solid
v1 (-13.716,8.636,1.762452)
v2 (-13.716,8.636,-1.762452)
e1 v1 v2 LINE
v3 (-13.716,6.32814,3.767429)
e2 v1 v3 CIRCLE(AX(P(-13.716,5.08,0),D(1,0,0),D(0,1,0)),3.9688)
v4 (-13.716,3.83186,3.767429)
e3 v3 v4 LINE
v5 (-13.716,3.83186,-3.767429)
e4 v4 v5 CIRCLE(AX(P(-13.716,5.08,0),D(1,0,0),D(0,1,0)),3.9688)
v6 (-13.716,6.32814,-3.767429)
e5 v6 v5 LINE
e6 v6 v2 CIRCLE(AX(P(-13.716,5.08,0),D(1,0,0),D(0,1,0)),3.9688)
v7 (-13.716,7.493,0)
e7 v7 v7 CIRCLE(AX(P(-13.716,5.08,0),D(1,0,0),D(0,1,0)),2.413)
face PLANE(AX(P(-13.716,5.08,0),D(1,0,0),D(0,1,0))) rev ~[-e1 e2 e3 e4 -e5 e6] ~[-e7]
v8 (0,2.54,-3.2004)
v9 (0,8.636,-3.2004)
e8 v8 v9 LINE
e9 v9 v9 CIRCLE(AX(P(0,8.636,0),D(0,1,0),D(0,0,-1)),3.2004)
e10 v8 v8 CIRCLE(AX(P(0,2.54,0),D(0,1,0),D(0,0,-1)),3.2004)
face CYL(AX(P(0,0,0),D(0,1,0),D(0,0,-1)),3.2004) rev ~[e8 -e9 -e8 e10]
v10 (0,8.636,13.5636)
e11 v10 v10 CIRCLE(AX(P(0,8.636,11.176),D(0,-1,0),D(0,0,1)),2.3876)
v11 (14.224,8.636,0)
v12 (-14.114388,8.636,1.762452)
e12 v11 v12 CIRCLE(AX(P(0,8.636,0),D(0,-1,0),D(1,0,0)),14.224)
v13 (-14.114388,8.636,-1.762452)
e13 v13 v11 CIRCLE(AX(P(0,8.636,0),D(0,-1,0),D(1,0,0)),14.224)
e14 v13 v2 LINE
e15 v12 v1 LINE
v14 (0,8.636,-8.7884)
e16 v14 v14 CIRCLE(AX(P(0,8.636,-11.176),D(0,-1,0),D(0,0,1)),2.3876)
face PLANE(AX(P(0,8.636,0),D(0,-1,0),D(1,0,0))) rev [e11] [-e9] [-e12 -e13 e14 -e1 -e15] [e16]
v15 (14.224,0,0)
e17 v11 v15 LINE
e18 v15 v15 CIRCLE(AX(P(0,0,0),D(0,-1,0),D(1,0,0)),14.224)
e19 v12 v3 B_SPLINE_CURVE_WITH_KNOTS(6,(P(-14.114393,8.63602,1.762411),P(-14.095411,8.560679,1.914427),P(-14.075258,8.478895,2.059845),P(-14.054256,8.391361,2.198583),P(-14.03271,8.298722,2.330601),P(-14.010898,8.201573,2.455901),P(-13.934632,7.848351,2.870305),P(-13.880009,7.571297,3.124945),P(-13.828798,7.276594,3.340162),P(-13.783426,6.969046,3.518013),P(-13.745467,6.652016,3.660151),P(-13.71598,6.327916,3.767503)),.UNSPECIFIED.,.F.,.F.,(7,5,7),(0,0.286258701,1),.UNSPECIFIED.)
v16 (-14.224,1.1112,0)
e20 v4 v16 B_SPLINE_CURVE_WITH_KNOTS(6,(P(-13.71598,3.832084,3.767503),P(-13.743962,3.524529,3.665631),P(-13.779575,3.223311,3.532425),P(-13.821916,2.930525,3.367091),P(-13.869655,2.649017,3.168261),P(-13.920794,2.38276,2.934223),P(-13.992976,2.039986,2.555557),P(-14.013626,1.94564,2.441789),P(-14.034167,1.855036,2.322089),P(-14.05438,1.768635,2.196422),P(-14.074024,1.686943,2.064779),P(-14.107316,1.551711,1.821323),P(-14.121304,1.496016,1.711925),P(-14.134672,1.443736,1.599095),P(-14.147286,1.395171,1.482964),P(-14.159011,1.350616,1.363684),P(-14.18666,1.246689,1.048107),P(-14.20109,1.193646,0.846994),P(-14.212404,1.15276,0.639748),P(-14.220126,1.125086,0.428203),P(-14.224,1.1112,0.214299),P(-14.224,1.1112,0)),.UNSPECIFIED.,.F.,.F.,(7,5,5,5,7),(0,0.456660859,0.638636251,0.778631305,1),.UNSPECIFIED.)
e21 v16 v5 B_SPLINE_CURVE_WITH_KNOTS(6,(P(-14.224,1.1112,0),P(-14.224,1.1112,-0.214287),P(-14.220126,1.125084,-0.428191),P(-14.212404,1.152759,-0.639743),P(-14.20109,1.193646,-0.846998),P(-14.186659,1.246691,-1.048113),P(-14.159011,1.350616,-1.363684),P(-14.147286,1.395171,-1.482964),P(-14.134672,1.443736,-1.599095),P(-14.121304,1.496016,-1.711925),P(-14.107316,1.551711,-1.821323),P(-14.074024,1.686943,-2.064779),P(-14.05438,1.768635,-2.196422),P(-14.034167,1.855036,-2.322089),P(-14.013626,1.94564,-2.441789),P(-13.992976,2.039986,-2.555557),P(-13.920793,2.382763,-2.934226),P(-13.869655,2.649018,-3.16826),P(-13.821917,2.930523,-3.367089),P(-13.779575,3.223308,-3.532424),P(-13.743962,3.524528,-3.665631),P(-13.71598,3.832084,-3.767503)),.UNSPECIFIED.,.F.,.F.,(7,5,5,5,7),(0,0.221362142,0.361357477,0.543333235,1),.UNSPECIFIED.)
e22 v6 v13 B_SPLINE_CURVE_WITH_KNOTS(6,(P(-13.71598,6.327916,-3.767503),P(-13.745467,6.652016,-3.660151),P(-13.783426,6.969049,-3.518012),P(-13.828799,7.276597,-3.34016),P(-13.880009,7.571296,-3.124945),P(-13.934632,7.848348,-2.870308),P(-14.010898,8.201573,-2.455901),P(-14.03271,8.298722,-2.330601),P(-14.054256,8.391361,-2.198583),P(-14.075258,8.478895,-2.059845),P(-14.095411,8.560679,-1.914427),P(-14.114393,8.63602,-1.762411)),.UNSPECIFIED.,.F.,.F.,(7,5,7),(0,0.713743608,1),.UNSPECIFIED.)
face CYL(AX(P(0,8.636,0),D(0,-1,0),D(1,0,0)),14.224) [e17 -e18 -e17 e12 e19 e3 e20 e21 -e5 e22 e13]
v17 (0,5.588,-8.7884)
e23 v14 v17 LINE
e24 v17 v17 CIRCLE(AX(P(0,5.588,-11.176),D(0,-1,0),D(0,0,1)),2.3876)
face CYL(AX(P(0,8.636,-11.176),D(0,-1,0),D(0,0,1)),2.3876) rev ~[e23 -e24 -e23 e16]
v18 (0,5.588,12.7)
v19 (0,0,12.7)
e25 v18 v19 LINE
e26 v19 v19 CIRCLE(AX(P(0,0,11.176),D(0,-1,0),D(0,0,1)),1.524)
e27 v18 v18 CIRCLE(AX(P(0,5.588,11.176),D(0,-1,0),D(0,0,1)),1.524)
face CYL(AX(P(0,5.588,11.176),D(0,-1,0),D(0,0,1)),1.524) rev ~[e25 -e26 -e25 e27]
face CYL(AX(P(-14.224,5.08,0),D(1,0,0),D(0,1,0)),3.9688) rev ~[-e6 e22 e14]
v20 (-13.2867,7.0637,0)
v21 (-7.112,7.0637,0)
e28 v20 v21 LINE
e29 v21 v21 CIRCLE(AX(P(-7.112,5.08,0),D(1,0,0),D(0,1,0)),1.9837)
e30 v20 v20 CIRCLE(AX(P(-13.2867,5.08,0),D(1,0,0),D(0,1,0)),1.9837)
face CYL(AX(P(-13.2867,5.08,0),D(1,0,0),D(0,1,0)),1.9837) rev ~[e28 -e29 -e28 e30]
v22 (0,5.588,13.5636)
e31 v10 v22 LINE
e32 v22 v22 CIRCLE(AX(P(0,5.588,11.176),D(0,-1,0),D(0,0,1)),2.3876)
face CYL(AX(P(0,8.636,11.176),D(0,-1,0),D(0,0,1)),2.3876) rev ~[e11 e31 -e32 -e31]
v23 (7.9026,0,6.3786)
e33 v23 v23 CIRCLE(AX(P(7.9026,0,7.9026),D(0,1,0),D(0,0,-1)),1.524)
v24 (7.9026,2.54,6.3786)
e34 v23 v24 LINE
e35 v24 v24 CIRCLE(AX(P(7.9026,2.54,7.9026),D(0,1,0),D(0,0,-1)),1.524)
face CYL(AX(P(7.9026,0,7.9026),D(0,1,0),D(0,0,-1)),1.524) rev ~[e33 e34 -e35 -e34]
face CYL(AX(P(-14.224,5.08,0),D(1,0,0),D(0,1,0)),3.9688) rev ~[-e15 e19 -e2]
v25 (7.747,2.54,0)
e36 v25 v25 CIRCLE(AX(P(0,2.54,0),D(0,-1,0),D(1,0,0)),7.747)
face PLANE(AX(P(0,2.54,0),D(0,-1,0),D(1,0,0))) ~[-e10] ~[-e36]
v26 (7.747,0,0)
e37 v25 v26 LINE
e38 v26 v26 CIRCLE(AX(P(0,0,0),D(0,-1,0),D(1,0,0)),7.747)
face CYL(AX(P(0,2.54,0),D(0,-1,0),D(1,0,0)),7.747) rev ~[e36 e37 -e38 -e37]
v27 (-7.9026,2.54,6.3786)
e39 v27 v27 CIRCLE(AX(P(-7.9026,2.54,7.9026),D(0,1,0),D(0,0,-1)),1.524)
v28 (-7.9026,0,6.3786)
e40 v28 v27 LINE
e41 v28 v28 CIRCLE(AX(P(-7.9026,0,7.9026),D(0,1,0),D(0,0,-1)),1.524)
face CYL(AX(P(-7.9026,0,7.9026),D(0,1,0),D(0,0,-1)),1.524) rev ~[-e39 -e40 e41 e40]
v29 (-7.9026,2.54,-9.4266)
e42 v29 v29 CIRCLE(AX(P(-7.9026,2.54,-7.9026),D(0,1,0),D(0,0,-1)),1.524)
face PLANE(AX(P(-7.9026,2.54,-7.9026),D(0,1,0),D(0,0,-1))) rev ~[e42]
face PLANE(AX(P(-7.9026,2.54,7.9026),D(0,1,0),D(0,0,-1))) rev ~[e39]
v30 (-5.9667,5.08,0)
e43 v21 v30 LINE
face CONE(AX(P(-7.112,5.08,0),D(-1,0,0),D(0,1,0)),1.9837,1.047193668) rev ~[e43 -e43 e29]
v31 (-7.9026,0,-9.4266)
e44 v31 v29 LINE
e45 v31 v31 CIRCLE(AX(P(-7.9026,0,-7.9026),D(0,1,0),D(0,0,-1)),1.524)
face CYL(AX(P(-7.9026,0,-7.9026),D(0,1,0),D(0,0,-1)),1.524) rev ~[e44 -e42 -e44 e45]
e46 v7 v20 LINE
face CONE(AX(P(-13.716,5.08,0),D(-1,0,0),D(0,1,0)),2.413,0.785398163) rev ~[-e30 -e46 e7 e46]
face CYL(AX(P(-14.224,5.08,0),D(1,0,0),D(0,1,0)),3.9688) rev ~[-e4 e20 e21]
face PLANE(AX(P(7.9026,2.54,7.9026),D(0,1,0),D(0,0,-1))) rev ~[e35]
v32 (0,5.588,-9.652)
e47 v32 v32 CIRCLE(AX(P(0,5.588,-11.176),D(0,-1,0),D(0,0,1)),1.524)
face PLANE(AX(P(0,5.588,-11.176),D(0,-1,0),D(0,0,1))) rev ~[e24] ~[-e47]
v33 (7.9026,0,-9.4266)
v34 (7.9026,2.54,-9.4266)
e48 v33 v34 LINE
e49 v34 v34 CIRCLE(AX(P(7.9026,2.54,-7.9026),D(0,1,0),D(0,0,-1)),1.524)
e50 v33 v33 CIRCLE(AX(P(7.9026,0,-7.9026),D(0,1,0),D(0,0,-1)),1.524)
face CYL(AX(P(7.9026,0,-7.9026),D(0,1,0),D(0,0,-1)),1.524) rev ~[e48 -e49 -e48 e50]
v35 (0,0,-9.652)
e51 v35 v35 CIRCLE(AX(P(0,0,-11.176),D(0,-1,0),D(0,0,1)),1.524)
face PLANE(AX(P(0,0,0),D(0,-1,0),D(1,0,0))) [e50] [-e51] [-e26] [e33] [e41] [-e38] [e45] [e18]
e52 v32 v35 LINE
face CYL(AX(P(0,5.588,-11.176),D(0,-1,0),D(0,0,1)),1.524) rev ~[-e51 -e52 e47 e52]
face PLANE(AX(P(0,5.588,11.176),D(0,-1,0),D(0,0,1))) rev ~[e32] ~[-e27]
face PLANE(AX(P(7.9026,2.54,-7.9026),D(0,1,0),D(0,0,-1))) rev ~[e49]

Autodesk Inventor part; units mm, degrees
sketch "Sketch_1" plane through (0, 0, 0) normal (0, 0, 1) x (1, 0, 0)
  line L0 (0, 0) -> (0, 8.636)
  line L1 (0, 8.636) -> (14.224, 8.636)
  line L2 (14.224, 8.636) -> (14.224, 0)
  line L3 (14.224, 0) -> (0, 0)
  line L4 (0, 0) -> (0, 8.636)
revolve "Revolution1" add sketch "Sketch_1" angle 360 about axis through (0, 0, 0) along (0, -1, 0)
sketch "Sketch_37" plane through (0, 0, 0) normal (0, 0, 1) x (1, 0, 0)
  line L0 (-5.9667, 5.08) -> (-14.224, 5.08)
  line L1 (-14.224, 5.08) -> (-14.224, 9.0488)
  line L2 (-14.224, 9.0488) -> (-13.716, 9.0488)
  line L3 (-13.716, 9.0488) -> (-13.716, 7.493)
  line L4 (-13.716, 7.493) -> (-13.2867, 7.0637)
  line L5 (-13.2867, 7.0637) -> (-7.112, 7.0637)
  line L6 (-7.112, 7.0637) -> (-5.9667, 5.08)
  line L7 (-5.9667, 5.08) -> (-14.224, 5.08)
revolve "Revolution2" cut sketch "Sketch_37" angle 360 about axis through (-5.9667, 5.08, 0) along (1, 0, 0)
thread "Thread1" size "10-32 UNF" class "2B" standard "ANSI Unified Screw Threads" length 5.08 offset 1.524
sketch "Sketch3" plane through (0, 0, 0) normal (0, -1, 0) x (1, 0, 0)
  point P0 (0, 0)
hole "Hole1" at (0, 0, 0) direction (0, 1, 0) diameter 6.4008 depth 8.636
sketch "Sketch_9" plane through (0, 0, 0) normal (0, 0, 1) x (1, 0, 0)
  line L0 (0, 0) -> (0, 2.54)
  line L1 (0, 2.54) -> (7.747, 2.54)
  line L2 (7.747, 2.54) -> (7.747, 0)
  line L3 (7.747, 0) -> (0, 0)
  line L4 (0, 0) -> (0, 2.54)
revolve "Revolution3" cut sketch "Sketch_9" angle 360 about axis through (0, 0, 0) along (0, -1, 0)
sketch "Sketch5" plane through (0, 8.636, 0) normal (0, 1, 0) x (1, 0, 0)
  point P0 (0, -11.176)
hole "Hole2" at (0, 8.636, 11.176) direction (0, -1, 0) diameter 3.048 depth 8.636 counterbore diameter 4.7752 counterbore depth 3.048
sketch "Sketch6" plane through (0, 8.636, 0) normal (0, 1, 0) x (1, 0, 0)
  point P0 (0, 11.176)
hole "Hole3" at (0, 8.636, -11.176) direction (0, -1, 0) diameter 3.048 depth 8.636 counterbore diameter 4.7752 counterbore depth 3.048
sketch "Sketch7" plane through (0, 0, 0) normal (0, -1, 0) x (1, 0, 0)
  point P0 (-7.9026, 7.9026)
hole "Hole4" at (-7.9026, 0, 7.9026) direction (0, 1, 0) diameter 3.048 depth 2.54
sketch "Sketch8" plane through (0, 0, 0) normal (0, -1, 0) x (1, 0, 0)
  point P0 (7.9026, 7.9026)
hole "Hole5" at (7.9026, 0, 7.9026) direction (0, 1, 0) diameter 3.048 depth 2.54
sketch "Sketch9" plane through (0, 0, 0) normal (0, -1, 0) x (1, 0, 0)
  point P0 (7.9026, -7.9026)
hole "Hole6" at (7.9026, 0, -7.9026) direction (0, 1, 0) diameter 3.048 depth 2.54
sketch "Sketch10" plane through (0, 0, 0) normal (0, -1, 0) x (1, 0, 0)
  point P0 (-7.9026, -7.9026)
hole "Hole7" at (-7.9026, 0, -7.9026) direction (0, 1, 0) diameter 3.048 depth 2.54
ref_plane "a1_XY" through (0, 8.636, -14.224) normal (0, 1, 0) x (1, 0, 0)
ref_plane "a1_YZ" through (0, 8.636, -14.224) normal (1, 0, 0) x (0, 0, -1)
ref_plane "a1_ZX" through (0, 8.636, -14.224) normal (0, 0, -1) x (0, 1, 0)
ref_plane "a2_XY" through (0, 8.636, 14.224) normal (0, 1, 0) x (1, 0, 0)
ref_plane "a2_YZ" through (0, 8.636, 14.224) normal (1, 0, 0) x (0, 0, -1)
ref_plane "a2_ZX" through (0, 8.636, 14.224) normal (0, 0, -1) x (0, 1, 0)
ref_plane "ar3_XY" through (-7.9026, 2.54, 7.9026) normal (0, 1, 0) x (1, 0, 0)
ref_plane "ar3_YZ" through (-7.9026, 2.54, 7.9026) normal (1, 0, 0) x (0, 0, -1)
ref_plane "ar3_ZX" through (-7.9026, 2.54, 7.9026) normal (0, 0, -1) x (0, 1, 0)
ref_plane "ar4_XY" through (7.9026, 2.54, 7.9026) normal (0, 1, 0) x (1, 0, 0)
ref_plane "ar4_YZ" through (7.9026, 2.54, 7.9026) normal (1, 0, 0) x (0, 0, -1)
ref_plane "ar4_ZX" through (7.9026, 2.54, 7.9026) normal (0, 0, -1) x (0, 1, 0)
ref_plane "ar5_XY" through (7.9026, 2.54, -7.9026) normal (0, 1, 0) x (1, 0, 0)
ref_plane "ar5_YZ" through (7.9026, 2.54, -7.9026) normal (1, 0, 0) x (0, 0, -1)
ref_plane "ar5_ZX" through (7.9026, 2.54, -7.9026) normal (0, 0, -1) x (0, 1, 0)
ref_plane "ar6_XY" through (-7.9026, 2.54, -7.9026) normal (0, 1, 0) x (1, 0, 0)
ref_plane "ar6_YZ" through (-7.9026, 2.54, -7.9026) normal (1, 0, 0) x (0, 0, -1)
ref_plane "ar6_ZX" through (-7.9026, 2.54, -7.9026) normal (0, 0, -1) x (0, 1, 0)
ref_plane "b1_XY" through (0, 8.636, 0) normal (0, 1, 0) x (1, 0, 0)
ref_plane "b1_YZ" through (0, 8.636, 0) normal (1, 0, 0) x (0, 0, -1)
ref_plane "b1_ZX" through (0, 8.636, 0) normal (0, 0, -1) x (0, 1, 0)
ref_plane "c1_XY" through (0, 8.636, -11.176) normal (0, 1, 0) x (1, 0, 0)
ref_plane "c1_YZ" through (0, 8.636, -11.176) normal (1, 0, 0) x (0, 0, -1)
ref_plane "c1_ZX" through (0, 8.636, -11.176) normal (0, 0, -1) x (0, 1, 0)
ref_plane "c2_XY" through (0, 8.636, 11.176) normal (0, 1, 0) x (1, 0, 0)
ref_plane "c2_YZ" through (0, 8.636, 11.176) normal (1, 0, 0) x (0, 0, -1)
ref_plane "c2_ZX" through (0, 8.636, 11.176) normal (0, 0, -1) x (0, 1, 0)
ref_plane "d1_XY" through (-1.524, 8.636, -11.176) normal (0, 1, 0) x (1, 0, 0)
ref_plane "d1_YZ" through (-1.524, 8.636, -11.176) normal (1, 0, 0) x (0, 0, -1)
ref_plane "d1_ZX" through (-1.524, 8.636, -11.176) normal (0, 0, -1) x (0, 1, 0)
ref_plane "d2_XY" through (1.524, 8.636, -11.176) normal (0, 1, 0) x (1, 0, 0)
ref_plane "d2_YZ" through (1.524, 8.636, -11.176) normal (1, 0, 0) x (0, 0, -1)
ref_plane "d2_ZX" through (1.524, 8.636, -11.176) normal (0, 0, -1) x (0, 1, 0)
ref_plane "j_XY" through (0, 0, 0) normal (0, 1, 0) x (1, 0, 0)
ref_plane "j_YZ" through (0, 0, 0) normal (1, 0, 0) x (0, 0, -1)
ref_plane "j_ZX" through (0, 0, 0) normal (0, 0, -1) x (0, 1, 0)
ref_plane "k1_XY" through (-14.224, 5.08, 0) normal (0, 0, 1) x (1, 0, 0)
ref_plane "k1_YZ" through (-14.224, 5.08, 0) normal (1, 0, 0) x (0, 1, 0)
ref_plane "k1_ZX" through (-14.224, 5.08, 0) normal (0, 1, 0) x (0, 0, 1)
ref_plane "k2_XY" through (-14.224, 8.636, 0) normal (0, 0, 1) x (1, 0, 0)
ref_plane "k2_YZ" through (-14.224, 8.636, 0) normal (1, 0, 0) x (0, 1, 0)
ref_plane "k2_ZX" through (-14.224, 8.636, 0) normal (0, 1, 0) x (0, 0, 1)
ref_plane "l1_XY" through (-14.224, 7.493, 0) normal (0, 0, 1) x (1, 0, 0)
ref_plane "l1_YZ" through (-14.224, 7.493, 0) normal (1, 0, 0) x (0, 1, 0)
ref_plane "l1_ZX" through (-14.224, 7.493, 0) normal (0, 1, 0) x (0, 0, 1)
ref_plane "l2_XY" through (-14.224, 2.667, 0) normal (0, 0, 1) x (1, 0, 0)
ref_plane "l2_YZ" through (-14.224, 2.667, 0) normal (1, 0, 0) x (0, 1, 0)
ref_plane "l2_ZX" through (-14.224, 2.667, 0) normal (0, 1, 0) x (0, 0, 1)
ref_plane "rg_XY" through (0, 8.636, 0) normal (0, 1, 0) x (1, 0, 0)
ref_plane "rg_YZ" through (0, 8.636, 0) normal (1, 0, 0) x (0, 0, -1)
ref_plane "rg_ZX" through (0, 8.636, 0) normal (0, 0, -1) x (0, 1, 0)
ref_plane "rh_XY" through (0, 8.636, 0) normal (0, 1, 0) x (1, 0, 0)
ref_plane "rh_YZ" through (0, 8.636, 0) normal (1, 0, 0) x (0, 0, -1)
ref_plane "rh_ZX" through (0, 8.636, 0) normal (0, 0, -1) x (0, 1, 0)
ref_plane "to_dummy_XY" through (0, 8.636, 0) normal (0, 1, 0) x (1, 0, 0)
ref_plane "to_dummy_YZ" through (0, 8.636, 0) normal (1, 0, 0) x (0, 0, -1)
ref_plane "to_dummy_ZX" through (0, 8.636, 0) normal (0, 0, -1) x (0, 1, 0)
ref_plane "to_nut_XY" through (0, 10.16, 0) normal (0, 1, 0) x (1, 0, 0)
ref_plane "to_nut_YZ" through (0, 10.16, 0) normal (1, 0, 0) x (0, 0, -1)
ref_plane "to_nut_ZX" through (0, 10.16, 0) normal (0, 0, -1) x (0, 1, 0)
ref_plane "to_rod_XY" through (0, 8.636, 0) normal (0, 1, 0) x (1, 0, 0)
ref_plane "to_rod_YZ" through (0, 8.636, 0) normal (1, 0, 0) x (0, 0, -1)
ref_plane "to_rod_ZX" through (0, 8.636, 0) normal (0, 0, -1) x (0, 1, 0)
ref_plane "to_tube_XY" through (0, 2.54, 0) normal (0, 1, 0) x (1, 0, 0)
ref_plane "to_tube_YZ" through (0, 2.54, 0) normal (1, 0, 0) x (0, 0, -1)
ref_plane "to_tube_ZX" through (0, 2.54, 0) normal (0, 0, -1) x (0, 1, 0)
ref_plane "to_wiper_XY" through (0, 8.636, 0) normal (0, 1, 0) x (1, 0, 0)
ref_plane "to_wiper_YZ" through (0, 8.636, 0) normal (1, 0, 0) x (0, 0, -1)
ref_plane "to_wiper_ZX" through (0, 8.636, 0) normal (0, 0, -1) x (0, 1, 0)
ref_plane "track1_XY" through (-7.874, 0, 0) normal (0, 1, 0) x (1, 0, 0)
ref_plane "track1_YZ" through (-7.874, 0, 0) normal (1, 0, 0) x (0, 0, -1)
ref_plane "track1_ZX" through (-7.874, 0, 0) normal (0, 0, -1) x (0, 1, 0)
ref_plane "track2_XY" through (0, 0, -7.874) normal (0, 1, 0) x (1, 0, 0)
ref_plane "track2_YZ" through (0, 0, -7.874) normal (1, 0, 0) x (0, 0, -1)
ref_plane "track2_ZX" through (0, 0, -7.874) normal (0, 0, -1) x (0, 1, 0)
ref_plane "track3_XY" through (7.874, 0, 0) normal (0, 1, 0) x (1, 0, 0)
ref_plane "track3_YZ" through (7.874, 0, 0) normal (1, 0, 0) x (0, 0, -1)
ref_plane "track3_ZX" through (7.874, 0, 0) normal (0, 0, -1) x (0, 1, 0)
ref_plane "track4_XY" through (0, 0, 7.874) normal (0, 1, 0) x (1, 0, 0)
ref_plane "track4_YZ" through (0, 0, 7.874) normal (1, 0, 0) x (0, 0, -1)
ref_plane "track4_ZX" through (0, 0, 7.874) normal (0, 0, -1) x (0, 1, 0)
properties part number "02-1-0.13-FO1_BM_heads" material "Steel"
